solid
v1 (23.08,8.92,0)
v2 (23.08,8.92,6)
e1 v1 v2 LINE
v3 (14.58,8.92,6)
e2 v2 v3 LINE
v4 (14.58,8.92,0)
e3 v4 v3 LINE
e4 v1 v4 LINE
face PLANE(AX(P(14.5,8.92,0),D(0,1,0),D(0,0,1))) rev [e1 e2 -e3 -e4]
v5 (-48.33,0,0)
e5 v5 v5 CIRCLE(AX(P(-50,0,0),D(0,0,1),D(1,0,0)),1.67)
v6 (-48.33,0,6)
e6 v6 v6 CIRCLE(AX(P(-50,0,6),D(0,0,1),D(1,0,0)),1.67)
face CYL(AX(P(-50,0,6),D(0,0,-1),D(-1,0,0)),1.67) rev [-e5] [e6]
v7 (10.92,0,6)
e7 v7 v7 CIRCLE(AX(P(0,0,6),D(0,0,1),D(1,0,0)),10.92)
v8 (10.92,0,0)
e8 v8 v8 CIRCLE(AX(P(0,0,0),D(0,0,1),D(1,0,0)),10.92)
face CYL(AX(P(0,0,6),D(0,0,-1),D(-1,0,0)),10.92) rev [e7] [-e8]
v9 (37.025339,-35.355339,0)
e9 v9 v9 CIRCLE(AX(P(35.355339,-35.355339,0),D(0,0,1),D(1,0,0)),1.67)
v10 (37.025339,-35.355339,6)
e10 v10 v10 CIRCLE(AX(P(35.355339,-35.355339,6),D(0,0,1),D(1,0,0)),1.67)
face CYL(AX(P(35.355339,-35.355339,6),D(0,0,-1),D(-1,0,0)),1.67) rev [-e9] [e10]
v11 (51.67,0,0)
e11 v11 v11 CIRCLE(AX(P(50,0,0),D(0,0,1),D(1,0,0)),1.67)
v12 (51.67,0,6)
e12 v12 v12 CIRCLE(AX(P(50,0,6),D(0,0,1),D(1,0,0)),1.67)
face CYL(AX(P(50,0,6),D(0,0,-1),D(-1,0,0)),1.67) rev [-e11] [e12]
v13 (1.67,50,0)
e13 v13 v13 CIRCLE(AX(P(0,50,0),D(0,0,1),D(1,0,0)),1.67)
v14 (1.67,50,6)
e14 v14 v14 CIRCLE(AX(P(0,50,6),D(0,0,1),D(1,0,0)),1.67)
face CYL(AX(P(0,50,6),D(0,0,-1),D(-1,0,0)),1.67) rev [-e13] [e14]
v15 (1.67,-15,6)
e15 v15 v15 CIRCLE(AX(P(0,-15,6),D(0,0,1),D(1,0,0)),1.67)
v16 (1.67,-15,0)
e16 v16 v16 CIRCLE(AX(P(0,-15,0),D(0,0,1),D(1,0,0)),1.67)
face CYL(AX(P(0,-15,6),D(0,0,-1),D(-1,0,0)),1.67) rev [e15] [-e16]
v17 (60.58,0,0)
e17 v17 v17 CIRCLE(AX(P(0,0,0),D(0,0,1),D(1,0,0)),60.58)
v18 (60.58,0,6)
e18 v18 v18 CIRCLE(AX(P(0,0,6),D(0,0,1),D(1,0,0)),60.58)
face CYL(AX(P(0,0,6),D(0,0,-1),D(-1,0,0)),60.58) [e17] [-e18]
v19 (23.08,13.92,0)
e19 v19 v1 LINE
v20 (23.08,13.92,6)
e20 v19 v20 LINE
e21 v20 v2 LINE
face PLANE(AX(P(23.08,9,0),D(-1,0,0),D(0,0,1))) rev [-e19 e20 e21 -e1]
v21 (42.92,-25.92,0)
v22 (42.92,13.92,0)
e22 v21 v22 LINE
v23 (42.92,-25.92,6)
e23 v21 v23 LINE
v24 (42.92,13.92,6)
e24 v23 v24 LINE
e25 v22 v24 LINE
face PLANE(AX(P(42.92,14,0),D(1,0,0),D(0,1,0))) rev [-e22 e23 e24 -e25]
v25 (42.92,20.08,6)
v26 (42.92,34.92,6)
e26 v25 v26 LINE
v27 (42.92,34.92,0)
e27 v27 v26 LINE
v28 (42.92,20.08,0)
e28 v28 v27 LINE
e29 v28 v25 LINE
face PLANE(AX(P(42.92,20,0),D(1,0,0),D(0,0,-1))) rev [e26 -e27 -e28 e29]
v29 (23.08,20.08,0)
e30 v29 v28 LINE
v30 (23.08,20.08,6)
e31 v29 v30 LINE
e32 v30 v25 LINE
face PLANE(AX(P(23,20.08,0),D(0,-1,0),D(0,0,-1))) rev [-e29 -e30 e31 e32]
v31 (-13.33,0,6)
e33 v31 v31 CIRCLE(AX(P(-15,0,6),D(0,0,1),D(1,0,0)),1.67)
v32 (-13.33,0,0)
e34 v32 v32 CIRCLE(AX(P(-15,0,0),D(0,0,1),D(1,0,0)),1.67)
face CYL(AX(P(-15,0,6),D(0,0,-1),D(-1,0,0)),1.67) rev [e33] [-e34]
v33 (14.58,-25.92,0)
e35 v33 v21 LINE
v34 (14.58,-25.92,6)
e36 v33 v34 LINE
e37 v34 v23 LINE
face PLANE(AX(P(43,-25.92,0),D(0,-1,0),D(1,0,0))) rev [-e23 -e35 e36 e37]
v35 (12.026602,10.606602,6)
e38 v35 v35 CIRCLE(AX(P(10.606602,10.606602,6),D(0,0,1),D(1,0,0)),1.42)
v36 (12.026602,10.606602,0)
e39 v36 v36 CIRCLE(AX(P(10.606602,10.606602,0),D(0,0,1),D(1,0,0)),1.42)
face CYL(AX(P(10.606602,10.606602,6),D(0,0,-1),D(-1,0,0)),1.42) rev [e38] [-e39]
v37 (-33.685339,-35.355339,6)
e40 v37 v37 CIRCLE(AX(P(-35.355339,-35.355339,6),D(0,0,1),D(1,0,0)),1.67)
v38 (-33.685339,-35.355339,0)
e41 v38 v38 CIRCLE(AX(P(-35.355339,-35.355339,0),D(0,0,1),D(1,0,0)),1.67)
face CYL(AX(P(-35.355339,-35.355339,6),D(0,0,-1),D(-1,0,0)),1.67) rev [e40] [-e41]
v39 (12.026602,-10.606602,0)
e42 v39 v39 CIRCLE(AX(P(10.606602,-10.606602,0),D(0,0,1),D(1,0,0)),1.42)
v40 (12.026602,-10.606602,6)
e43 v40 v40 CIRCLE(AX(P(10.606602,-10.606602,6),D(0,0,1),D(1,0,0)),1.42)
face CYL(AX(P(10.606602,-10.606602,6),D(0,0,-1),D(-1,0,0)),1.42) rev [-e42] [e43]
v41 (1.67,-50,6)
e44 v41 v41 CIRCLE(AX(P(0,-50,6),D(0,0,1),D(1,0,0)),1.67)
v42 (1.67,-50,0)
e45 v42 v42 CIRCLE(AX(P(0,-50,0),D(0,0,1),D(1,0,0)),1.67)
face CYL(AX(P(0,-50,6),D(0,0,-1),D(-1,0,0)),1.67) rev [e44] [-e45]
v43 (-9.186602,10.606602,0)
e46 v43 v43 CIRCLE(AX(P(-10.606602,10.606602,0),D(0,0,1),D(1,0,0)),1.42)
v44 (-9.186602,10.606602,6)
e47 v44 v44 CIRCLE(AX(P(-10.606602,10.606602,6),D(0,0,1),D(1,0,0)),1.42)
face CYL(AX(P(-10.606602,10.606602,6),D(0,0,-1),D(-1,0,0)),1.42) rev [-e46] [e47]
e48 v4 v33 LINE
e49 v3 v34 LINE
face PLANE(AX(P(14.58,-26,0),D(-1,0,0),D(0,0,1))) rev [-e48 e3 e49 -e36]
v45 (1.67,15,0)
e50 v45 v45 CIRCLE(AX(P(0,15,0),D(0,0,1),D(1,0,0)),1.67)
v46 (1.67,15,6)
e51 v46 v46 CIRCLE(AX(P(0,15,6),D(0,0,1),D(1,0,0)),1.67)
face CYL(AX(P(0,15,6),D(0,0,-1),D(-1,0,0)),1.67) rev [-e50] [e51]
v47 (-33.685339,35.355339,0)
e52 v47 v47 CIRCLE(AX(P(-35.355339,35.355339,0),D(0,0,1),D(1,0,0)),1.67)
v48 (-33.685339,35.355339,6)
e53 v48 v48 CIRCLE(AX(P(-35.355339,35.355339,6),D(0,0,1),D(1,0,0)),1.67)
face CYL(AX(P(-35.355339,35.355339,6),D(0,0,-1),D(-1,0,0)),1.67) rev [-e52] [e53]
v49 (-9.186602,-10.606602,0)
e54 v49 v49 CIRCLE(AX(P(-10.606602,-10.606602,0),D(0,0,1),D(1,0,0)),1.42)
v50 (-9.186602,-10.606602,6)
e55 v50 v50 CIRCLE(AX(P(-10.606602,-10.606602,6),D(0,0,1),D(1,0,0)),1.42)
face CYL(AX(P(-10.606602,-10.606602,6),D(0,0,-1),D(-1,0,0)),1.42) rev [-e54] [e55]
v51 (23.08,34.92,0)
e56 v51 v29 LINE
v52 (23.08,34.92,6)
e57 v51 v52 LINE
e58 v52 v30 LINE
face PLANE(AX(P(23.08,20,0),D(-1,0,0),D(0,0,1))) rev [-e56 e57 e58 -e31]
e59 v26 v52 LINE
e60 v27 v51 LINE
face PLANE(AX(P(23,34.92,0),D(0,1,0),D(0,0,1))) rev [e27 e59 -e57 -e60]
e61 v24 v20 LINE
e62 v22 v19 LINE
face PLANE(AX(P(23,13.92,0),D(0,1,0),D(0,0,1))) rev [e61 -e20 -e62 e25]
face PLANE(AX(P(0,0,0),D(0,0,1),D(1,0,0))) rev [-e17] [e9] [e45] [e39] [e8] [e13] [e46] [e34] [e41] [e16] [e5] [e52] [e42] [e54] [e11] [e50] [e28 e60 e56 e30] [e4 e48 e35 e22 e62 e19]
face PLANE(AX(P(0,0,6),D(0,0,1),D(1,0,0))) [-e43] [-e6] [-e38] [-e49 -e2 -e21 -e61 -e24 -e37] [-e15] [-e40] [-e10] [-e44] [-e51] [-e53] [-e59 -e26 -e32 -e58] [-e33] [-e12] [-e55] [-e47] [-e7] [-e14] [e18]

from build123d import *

# Parameters (mm, degrees)
SKETCH1_R           = 60.5
SKETCH1_R_2         = 11
SKETCH1_R_3         = 1.75
SKETCH1_R_4         = 1.5
BOSS_EXTRUDE1_DEPTH = 6
SKETCH2_W           = 20
SKETCH2_H           = 15
CUT_EXTRUDE1_DEPTH  = 86.77004139
MOVE_FACE1_BY       = 0.08
MOVE_FACE1_2_BY     = 0.08
MOVE_FACE1_3_BY     = 0.08
MOVE_FACE1_4_BY     = 0.08
MOVE_FACE1_5_BY     = 0.08
MOVE_FACE1_6_BY     = 0.08
MOVE_FACE1_7_BY     = 0.08
MOVE_FACE1_8_BY     = 0.08
MOVE_FACE1_9_BY     = 0.08
MOVE_FACE1_10_BY    = 0.08
MOVE_FACE1_11_BY    = 0.08
MOVE_FACE1_12_BY    = 0.08
MOVE_FACE1_13_BY    = 0.08
MOVE_FACE1_14_BY    = 0.08
MOVE_FACE1_15_BY    = 0.08
MOVE_FACE1_16_BY    = 0.08
MOVE_FACE1_17_BY    = 0.08
MOVE_FACE1_18_BY    = 0.08
MOVE_FACE1_19_BY    = 0.08
MOVE_FACE1_20_BY    = 0.08
MOVE_FACE1_21_BY    = 0.08
MOVE_FACE1_22_BY    = 0.08
MOVE_FACE1_23_BY    = 0.08
MOVE_FACE1_24_BY    = 0.08
MOVE_FACE1_25_BY    = 0.08
MOVE_FACE1_26_BY    = 0.08


with BuildPart() as part:
    # Sketch1 → Boss-Extrude1 (new body)
    with BuildSketch(Plane.XY):
        Circle(SKETCH1_R)
        Circle(SKETCH1_R_2, mode=Mode.SUBTRACT)
        with Locations((0, -15)):
            Circle(SKETCH1_R_3, mode=Mode.SUBTRACT)
        with Locations((10.606601718, -10.606601718)):
            Circle(SKETCH1_R_4, mode=Mode.SUBTRACT)
        with Locations((0, -50)):
            Circle(SKETCH1_R_3, mode=Mode.SUBTRACT)
        with Locations((-15, 0)):
            Circle(SKETCH1_R_3, mode=Mode.SUBTRACT)
        with Locations((-10.606601718, -10.606601718)):
            Circle(SKETCH1_R_4, mode=Mode.SUBTRACT)
        with Locations((0, 15)):
            Circle(SKETCH1_R_3, mode=Mode.SUBTRACT)
        with Locations((-10.606601718, 10.606601718)):
            Circle(SKETCH1_R_4, mode=Mode.SUBTRACT)
        with Locations((10.606601718, 10.606601718)):
            Circle(SKETCH1_R_4, mode=Mode.SUBTRACT)
        with Locations((-35.355339059, -35.355339059)):
            Circle(SKETCH1_R_3, mode=Mode.SUBTRACT)
        with Locations((-50, 0)):
            Circle(SKETCH1_R_3, mode=Mode.SUBTRACT)
        with Locations((-35.355339059, 35.355339059)):
            Circle(SKETCH1_R_3, mode=Mode.SUBTRACT)
        with Locations((0, 50)):
            Circle(SKETCH1_R_3, mode=Mode.SUBTRACT)
        with Locations((50, 0)):
            Circle(SKETCH1_R_3, mode=Mode.SUBTRACT)
        with Locations((35.355339059, -35.355339059)):
            Circle(SKETCH1_R_3, mode=Mode.SUBTRACT)
    extrude(amount=BOSS_EXTRUDE1_DEPTH)

    # Sketch2 → Cut-Extrude1 (cut, through all)
    with BuildSketch(Plane.XY.offset(6)):
        Polygon((23, 14), (43, 14), (43, -26), (14.5, -26), (14.5, 9), (23, 9), align=None)
        with Locations((33, 27.5)):
            Rectangle(SKETCH2_W, SKETCH2_H)
    extrude(amount=-CUT_EXTRUDE1_DEPTH, mode=Mode.SUBTRACT)

    # Move Face1: a face moved outward by 0.08
    extrude(part.faces().sort_by_distance((23, 27.5, 3))[0], amount=MOVE_FACE1_BY, dir=(1, 0, 0))

    # Move Face1 2: a curved face moved outward by 0.08
    add(Solid.thicken(part.faces().sort_by_distance((-11, 0, 3))[0], MOVE_FACE1_2_BY))

    # Move Face1 3: a curved face moved outward by 0.08
    add(Solid.thicken(part.faces().sort_by_distance((-60.5, 0, 3))[0], MOVE_FACE1_3_BY))

    # Move Face1 4: a curved face moved outward by 0.08
    add(Solid.thicken(part.faces().sort_by_distance((-1.75, -15, 3))[0], MOVE_FACE1_4_BY))

    # Move Face1 5: a curved face moved outward by 0.08
    add(Solid.thicken(part.faces().sort_by_distance((9.106601718, -10.606601718, 3))[0], MOVE_FACE1_5_BY))

    # Move Face1 6: a curved face moved outward by 0.08
    add(Solid.thicken(part.faces().sort_by_distance((-1.75, -50, 3))[0], MOVE_FACE1_6_BY))

    # Move Face1 7: a curved face moved outward by 0.08
    add(Solid.thicken(part.faces().sort_by_distance((-16.75, 0, 3))[0], MOVE_FACE1_7_BY))

    # Move Face1 8: a curved face moved outward by 0.08
    add(Solid.thicken(part.faces().sort_by_distance((-12.106601718, -10.606601718, 3))[0], MOVE_FACE1_8_BY))

    # Move Face1 9: a curved face moved outward by 0.08
    add(Solid.thicken(part.faces().sort_by_distance((-1.75, 15, 3))[0], MOVE_FACE1_9_BY))

    # Move Face1 10: a curved face moved outward by 0.08
    add(Solid.thicken(part.faces().sort_by_distance((-12.106601718, 10.606601718, 3))[0], MOVE_FACE1_10_BY))

    # Move Face1 11: a curved face moved outward by 0.08
    add(Solid.thicken(part.faces().sort_by_distance((9.106601718, 10.606601718, 3))[0], MOVE_FACE1_11_BY))

    # Move Face1 12: a curved face moved outward by 0.08
    add(Solid.thicken(part.faces().sort_by_distance((-37.105339059, -35.355339059, 3))[0], MOVE_FACE1_12_BY))

    # Move Face1 13: a curved face moved outward by 0.08
    add(Solid.thicken(part.faces().sort_by_distance((-51.75, 0, 3))[0], MOVE_FACE1_13_BY))

    # Move Face1 14: a curved face moved outward by 0.08
    add(Solid.thicken(part.faces().sort_by_distance((-37.105339059, 35.355339059, 3))[0], MOVE_FACE1_14_BY))

    # Move Face1 15: a curved face moved outward by 0.08
    add(Solid.thicken(part.faces().sort_by_distance((-1.75, 50, 3))[0], MOVE_FACE1_15_BY))

    # Move Face1 16: a curved face moved outward by 0.08
    add(Solid.thicken(part.faces().sort_by_distance((48.25, 0, 3))[0], MOVE_FACE1_16_BY))

    # Move Face1 17: a curved face moved outward by 0.08
    add(Solid.thicken(part.faces().sort_by_distance((33.605339059, -35.355339059, 3))[0], MOVE_FACE1_17_BY))

    # Move Face1 18: a face moved outward by 0.08
    extrude(part.faces().sort_by_distance((18.75, 9, 3))[0], amount=MOVE_FACE1_18_BY, dir=(0, -1, 0))

    # Move Face1 19: a face moved outward by 0.08
    extrude(part.faces().sort_by_distance((14.5, -8.5, 3))[0], amount=MOVE_FACE1_19_BY, dir=(1, 0, 0))

    # Move Face1 20: a face moved outward by 0.08
    extrude(part.faces().sort_by_distance((28.75, -26, 3))[0], amount=MOVE_FACE1_20_BY, dir=(0, 1, 0))

    # Move Face1 21: a face moved outward by 0.08
    extrude(part.faces().sort_by_distance((43, -6, 3))[0], amount=MOVE_FACE1_21_BY, dir=(-1, 0, 0))

    # Move Face1 22: a face moved outward by 0.08
    extrude(part.faces().sort_by_distance((33, 14, 3))[0], amount=MOVE_FACE1_22_BY, dir=(0, -1, 0))

    # Move Face1 23: a face moved outward by 0.08
    extrude(part.faces().sort_by_distance((23, 11.5, 3))[0], amount=MOVE_FACE1_23_BY, dir=(1, 0, 0))

    # Move Face1 24: a face moved outward by 0.08
    extrude(part.faces().sort_by_distance((33, 20, 3))[0], amount=MOVE_FACE1_24_BY, dir=(0, 1, 0))

    # Move Face1 25: a face moved outward by 0.08
    extrude(part.faces().sort_by_distance((43, 27.5, 3))[0], amount=MOVE_FACE1_25_BY, dir=(-1, 0, 0))

    # Move Face1 26: a face moved outward by 0.08
    extrude(part.faces().sort_by_distance((33, 35, 3))[0], amount=MOVE_FACE1_26_BY, dir=(0, -1, 0))


solid = part.part
